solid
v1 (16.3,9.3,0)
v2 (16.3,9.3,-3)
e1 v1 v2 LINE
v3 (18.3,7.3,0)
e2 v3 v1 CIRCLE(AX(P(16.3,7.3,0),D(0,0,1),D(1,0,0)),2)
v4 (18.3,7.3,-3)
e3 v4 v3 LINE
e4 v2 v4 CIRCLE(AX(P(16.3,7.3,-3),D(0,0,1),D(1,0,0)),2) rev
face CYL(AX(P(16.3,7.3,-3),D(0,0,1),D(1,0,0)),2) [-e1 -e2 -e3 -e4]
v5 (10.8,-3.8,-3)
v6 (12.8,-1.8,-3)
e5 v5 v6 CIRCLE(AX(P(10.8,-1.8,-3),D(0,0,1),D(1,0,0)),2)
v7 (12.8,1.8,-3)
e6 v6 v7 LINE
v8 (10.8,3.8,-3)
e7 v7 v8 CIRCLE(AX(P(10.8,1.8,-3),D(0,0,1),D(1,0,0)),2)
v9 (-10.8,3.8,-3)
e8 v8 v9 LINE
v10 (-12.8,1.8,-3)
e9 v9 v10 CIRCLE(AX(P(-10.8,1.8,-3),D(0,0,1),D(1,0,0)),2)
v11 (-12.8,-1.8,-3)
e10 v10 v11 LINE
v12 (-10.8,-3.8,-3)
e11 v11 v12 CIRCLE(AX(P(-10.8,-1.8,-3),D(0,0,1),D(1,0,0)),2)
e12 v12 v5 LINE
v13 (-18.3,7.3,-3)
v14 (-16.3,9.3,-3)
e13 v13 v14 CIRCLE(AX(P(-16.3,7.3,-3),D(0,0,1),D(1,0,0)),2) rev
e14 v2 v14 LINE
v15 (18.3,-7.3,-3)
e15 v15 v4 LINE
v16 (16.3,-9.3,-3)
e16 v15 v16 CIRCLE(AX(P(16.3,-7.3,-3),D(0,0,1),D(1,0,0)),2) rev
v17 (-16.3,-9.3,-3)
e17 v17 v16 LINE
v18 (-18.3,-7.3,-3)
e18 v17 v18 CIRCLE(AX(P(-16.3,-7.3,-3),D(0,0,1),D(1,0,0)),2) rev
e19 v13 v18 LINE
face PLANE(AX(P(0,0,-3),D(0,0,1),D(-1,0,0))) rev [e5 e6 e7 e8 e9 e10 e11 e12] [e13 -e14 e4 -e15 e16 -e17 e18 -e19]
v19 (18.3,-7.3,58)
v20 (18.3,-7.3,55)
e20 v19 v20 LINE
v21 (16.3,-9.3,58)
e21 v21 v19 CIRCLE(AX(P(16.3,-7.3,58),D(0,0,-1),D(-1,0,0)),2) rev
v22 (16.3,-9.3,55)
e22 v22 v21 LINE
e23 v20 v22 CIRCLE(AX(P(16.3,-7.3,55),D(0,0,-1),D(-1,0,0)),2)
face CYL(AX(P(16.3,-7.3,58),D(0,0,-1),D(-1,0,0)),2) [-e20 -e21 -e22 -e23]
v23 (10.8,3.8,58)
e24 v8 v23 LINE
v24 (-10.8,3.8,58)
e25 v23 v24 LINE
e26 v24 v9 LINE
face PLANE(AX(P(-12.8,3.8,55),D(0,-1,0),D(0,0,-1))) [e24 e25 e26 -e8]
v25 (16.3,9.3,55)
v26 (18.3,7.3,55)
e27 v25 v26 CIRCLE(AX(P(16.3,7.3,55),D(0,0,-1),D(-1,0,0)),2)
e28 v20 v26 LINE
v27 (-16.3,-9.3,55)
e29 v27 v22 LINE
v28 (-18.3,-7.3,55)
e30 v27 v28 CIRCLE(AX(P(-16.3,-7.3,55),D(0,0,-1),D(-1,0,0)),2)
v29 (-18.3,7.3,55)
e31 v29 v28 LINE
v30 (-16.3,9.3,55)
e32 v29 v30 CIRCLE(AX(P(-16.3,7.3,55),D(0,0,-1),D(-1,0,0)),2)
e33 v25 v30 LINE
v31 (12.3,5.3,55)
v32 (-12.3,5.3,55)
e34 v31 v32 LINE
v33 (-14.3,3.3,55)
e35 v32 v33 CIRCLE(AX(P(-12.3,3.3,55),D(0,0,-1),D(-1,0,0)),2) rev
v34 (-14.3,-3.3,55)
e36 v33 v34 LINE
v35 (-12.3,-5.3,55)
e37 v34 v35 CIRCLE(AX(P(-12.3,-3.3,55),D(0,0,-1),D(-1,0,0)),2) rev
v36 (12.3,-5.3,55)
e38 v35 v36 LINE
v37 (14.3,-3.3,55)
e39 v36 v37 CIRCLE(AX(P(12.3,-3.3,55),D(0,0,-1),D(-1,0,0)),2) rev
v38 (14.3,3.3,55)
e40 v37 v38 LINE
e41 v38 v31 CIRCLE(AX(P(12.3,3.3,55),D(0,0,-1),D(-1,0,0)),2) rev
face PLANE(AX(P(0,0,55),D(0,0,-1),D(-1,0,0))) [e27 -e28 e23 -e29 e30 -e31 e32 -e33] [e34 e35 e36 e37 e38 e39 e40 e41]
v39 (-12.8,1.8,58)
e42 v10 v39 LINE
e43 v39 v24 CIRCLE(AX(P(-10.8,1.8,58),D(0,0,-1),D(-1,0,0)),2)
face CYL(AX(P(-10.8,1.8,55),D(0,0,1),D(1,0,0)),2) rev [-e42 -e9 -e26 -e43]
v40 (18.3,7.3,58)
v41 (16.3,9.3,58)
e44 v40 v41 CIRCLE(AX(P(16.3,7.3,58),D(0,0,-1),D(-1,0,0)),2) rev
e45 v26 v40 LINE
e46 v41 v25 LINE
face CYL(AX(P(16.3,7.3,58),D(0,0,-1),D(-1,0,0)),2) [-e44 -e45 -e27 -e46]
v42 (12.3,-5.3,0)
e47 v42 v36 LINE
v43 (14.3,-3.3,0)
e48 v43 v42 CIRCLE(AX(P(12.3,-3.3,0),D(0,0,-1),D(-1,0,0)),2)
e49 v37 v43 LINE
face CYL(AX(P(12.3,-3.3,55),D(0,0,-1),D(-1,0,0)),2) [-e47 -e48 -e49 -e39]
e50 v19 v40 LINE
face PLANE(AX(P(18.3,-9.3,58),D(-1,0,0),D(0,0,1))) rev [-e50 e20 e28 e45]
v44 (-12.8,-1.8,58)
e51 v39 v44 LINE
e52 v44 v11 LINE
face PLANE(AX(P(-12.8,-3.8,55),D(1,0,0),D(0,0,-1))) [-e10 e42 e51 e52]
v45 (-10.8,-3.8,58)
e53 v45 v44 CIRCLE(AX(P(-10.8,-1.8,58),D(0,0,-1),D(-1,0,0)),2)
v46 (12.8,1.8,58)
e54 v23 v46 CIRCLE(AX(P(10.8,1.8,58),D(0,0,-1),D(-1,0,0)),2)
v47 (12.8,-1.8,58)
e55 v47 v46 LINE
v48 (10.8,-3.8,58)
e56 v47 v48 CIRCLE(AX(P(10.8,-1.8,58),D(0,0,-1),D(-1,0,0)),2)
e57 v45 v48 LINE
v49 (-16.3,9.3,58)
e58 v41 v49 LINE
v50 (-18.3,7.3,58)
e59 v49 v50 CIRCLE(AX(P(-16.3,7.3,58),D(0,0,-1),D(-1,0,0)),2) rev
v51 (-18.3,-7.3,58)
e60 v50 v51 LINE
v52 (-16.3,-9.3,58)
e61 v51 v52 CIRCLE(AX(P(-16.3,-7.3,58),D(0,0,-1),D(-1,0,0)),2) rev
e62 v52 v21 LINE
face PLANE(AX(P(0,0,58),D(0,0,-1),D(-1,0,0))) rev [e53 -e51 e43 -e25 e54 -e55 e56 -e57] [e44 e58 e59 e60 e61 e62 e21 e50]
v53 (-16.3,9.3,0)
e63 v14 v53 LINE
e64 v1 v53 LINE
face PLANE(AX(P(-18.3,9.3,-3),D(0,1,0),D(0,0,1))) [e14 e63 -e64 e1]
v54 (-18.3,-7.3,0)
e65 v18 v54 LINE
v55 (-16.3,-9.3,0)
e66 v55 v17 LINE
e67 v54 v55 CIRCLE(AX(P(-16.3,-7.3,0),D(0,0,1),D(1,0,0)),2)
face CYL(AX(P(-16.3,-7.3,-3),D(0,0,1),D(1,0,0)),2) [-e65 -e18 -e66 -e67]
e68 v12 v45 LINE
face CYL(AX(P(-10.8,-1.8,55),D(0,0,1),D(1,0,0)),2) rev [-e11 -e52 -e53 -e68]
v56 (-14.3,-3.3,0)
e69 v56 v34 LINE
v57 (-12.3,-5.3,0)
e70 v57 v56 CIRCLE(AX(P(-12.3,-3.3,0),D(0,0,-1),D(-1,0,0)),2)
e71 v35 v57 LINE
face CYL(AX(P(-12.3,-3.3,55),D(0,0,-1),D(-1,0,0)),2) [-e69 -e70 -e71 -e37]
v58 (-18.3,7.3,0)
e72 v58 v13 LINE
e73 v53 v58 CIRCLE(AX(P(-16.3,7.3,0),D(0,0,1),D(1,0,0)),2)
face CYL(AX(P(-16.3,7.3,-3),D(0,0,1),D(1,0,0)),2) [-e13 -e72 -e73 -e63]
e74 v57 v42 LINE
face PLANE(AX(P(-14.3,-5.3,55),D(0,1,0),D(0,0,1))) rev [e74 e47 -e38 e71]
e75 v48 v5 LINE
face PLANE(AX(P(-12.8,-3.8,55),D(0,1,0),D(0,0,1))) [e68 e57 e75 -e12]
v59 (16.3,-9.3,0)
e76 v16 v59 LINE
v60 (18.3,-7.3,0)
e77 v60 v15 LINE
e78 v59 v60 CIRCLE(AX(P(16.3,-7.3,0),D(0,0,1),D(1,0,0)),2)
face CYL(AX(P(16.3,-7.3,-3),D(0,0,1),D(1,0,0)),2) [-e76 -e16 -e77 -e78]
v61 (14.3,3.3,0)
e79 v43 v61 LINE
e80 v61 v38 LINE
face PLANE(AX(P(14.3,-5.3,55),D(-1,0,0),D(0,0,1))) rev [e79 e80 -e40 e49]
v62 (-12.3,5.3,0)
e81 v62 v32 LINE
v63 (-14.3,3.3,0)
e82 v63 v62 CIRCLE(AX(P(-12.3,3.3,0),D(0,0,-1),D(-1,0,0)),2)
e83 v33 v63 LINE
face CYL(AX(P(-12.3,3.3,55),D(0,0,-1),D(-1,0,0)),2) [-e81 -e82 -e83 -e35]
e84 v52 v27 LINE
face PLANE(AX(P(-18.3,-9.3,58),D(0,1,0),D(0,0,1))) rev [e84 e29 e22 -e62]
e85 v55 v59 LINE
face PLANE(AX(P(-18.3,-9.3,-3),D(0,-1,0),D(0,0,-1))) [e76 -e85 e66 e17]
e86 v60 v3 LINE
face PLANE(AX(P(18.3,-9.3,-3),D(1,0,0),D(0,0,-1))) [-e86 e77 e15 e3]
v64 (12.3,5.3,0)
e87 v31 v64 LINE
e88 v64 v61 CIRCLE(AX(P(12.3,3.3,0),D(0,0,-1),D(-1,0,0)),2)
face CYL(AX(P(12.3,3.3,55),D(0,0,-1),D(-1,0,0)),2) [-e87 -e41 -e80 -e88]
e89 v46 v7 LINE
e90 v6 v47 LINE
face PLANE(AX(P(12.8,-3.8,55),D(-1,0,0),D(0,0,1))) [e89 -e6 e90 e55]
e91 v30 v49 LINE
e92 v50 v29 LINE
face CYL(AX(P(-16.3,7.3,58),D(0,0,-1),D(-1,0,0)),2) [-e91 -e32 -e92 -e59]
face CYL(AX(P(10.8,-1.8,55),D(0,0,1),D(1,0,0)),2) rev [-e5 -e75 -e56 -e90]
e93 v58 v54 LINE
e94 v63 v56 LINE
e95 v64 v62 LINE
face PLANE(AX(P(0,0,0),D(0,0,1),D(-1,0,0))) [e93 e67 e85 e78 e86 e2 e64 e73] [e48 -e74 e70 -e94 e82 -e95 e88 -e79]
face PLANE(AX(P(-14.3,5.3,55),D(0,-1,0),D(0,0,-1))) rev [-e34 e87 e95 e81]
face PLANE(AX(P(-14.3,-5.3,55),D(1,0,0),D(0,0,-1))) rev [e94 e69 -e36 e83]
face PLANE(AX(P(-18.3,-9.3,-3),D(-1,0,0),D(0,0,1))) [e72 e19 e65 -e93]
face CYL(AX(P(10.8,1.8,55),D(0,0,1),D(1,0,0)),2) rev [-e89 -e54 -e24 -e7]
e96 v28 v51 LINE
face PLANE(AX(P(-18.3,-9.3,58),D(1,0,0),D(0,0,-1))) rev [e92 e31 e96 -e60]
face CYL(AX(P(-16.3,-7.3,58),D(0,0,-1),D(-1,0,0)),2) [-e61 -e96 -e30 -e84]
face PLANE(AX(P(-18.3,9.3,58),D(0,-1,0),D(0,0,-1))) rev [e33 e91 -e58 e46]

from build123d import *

# Parameters (mm, degrees)
SKETCH1_W            = 28.6
SKETCH1_H            = 10.6
SKETCH1_W_2          = 25.6
SKETCH1_H_2          = 7.6
BOSS_EXTRUDE1_DEPTH  = 55
SKETCH2_W            = 36.6
SKETCH2_H            = 18.6
SKETCH2_W_2          = 25.6
SKETCH2_H_2          = 7.6
BOSS_EXTRUDE3_DEPTH  = 3
FILLET2_R            = 2
FILLET1_R            = 2
FILLET2_OF_MIRROR2_R = 2
FILLET3_R            = 2


with BuildPart() as part:
    # Sketch1 → Boss-Extrude1 (new body)
    with BuildSketch(Plane.XY):
        Rectangle(SKETCH1_W, SKETCH1_H)
        Rectangle(SKETCH1_W_2, SKETCH1_H_2, mode=Mode.SUBTRACT)
    extrude(amount=BOSS_EXTRUDE1_DEPTH)

    # Sketch2 → Boss-Extrude3 (add)
    with BuildSketch(Plane.XY.offset(55)):
        Rectangle(SKETCH2_W, SKETCH2_H)
        Rectangle(SKETCH2_W_2, SKETCH2_H_2, mode=Mode.SUBTRACT)
    boss_extrude3 = extrude(amount=BOSS_EXTRUDE3_DEPTH)

    # Fillet2
    fillet2_edges = [part.edges().sort_by_distance(p)[0] for p in [
        (18.3, -9.3, 56.5),
        (18.3, 9.3, 56.5),
        (-18.3, 9.3, 56.5),
        (-18.3, -9.3, 56.5),
    ]]
    fillet(fillet2_edges, radius=FILLET2_R)

    # Fillet1
    fillet1_edges = [part.edges().sort_by_distance(p)[0] for p in [
        (14.3, -5.3, 27.5),
        (-14.3, -5.3, 27.5),
        (-14.3, 5.3, 27.5),
        (14.3, 5.3, 27.5),
    ]]
    fillet(fillet1_edges, radius=FILLET1_R)

    # Mirror2: Boss-Extrude3 across plane
    add(boss_extrude3.mirror(Plane(origin=(0, 0, 27.5), x_dir=(1, 0, 0), z_dir=(0, 0, -1))))

    # Fillet2 of Mirror2
    fillet2_of_mirror2_edges = [part.edges().sort_by_distance(p)[0] for p in [
        (18.3, -9.3, -1.5),
        (18.3, 9.3, -1.5),
        (-18.3, 9.3, -1.5),
        (-18.3, -9.3, -1.5),
    ]]
    fillet(fillet2_of_mirror2_edges, radius=FILLET2_OF_MIRROR2_R)

    # Fillet3
    fillet3_edges = [part.edges().sort_by_distance(p)[0] for p in [
        (12.8, -3.8, 27.5),
        (12.8, 3.8, 27.5),
        (-12.8, 3.8, 27.5),
        (-12.8, -3.8, 27.5),
    ]]
    fillet(fillet3_edges, radius=FILLET3_R)


solid = part.part
